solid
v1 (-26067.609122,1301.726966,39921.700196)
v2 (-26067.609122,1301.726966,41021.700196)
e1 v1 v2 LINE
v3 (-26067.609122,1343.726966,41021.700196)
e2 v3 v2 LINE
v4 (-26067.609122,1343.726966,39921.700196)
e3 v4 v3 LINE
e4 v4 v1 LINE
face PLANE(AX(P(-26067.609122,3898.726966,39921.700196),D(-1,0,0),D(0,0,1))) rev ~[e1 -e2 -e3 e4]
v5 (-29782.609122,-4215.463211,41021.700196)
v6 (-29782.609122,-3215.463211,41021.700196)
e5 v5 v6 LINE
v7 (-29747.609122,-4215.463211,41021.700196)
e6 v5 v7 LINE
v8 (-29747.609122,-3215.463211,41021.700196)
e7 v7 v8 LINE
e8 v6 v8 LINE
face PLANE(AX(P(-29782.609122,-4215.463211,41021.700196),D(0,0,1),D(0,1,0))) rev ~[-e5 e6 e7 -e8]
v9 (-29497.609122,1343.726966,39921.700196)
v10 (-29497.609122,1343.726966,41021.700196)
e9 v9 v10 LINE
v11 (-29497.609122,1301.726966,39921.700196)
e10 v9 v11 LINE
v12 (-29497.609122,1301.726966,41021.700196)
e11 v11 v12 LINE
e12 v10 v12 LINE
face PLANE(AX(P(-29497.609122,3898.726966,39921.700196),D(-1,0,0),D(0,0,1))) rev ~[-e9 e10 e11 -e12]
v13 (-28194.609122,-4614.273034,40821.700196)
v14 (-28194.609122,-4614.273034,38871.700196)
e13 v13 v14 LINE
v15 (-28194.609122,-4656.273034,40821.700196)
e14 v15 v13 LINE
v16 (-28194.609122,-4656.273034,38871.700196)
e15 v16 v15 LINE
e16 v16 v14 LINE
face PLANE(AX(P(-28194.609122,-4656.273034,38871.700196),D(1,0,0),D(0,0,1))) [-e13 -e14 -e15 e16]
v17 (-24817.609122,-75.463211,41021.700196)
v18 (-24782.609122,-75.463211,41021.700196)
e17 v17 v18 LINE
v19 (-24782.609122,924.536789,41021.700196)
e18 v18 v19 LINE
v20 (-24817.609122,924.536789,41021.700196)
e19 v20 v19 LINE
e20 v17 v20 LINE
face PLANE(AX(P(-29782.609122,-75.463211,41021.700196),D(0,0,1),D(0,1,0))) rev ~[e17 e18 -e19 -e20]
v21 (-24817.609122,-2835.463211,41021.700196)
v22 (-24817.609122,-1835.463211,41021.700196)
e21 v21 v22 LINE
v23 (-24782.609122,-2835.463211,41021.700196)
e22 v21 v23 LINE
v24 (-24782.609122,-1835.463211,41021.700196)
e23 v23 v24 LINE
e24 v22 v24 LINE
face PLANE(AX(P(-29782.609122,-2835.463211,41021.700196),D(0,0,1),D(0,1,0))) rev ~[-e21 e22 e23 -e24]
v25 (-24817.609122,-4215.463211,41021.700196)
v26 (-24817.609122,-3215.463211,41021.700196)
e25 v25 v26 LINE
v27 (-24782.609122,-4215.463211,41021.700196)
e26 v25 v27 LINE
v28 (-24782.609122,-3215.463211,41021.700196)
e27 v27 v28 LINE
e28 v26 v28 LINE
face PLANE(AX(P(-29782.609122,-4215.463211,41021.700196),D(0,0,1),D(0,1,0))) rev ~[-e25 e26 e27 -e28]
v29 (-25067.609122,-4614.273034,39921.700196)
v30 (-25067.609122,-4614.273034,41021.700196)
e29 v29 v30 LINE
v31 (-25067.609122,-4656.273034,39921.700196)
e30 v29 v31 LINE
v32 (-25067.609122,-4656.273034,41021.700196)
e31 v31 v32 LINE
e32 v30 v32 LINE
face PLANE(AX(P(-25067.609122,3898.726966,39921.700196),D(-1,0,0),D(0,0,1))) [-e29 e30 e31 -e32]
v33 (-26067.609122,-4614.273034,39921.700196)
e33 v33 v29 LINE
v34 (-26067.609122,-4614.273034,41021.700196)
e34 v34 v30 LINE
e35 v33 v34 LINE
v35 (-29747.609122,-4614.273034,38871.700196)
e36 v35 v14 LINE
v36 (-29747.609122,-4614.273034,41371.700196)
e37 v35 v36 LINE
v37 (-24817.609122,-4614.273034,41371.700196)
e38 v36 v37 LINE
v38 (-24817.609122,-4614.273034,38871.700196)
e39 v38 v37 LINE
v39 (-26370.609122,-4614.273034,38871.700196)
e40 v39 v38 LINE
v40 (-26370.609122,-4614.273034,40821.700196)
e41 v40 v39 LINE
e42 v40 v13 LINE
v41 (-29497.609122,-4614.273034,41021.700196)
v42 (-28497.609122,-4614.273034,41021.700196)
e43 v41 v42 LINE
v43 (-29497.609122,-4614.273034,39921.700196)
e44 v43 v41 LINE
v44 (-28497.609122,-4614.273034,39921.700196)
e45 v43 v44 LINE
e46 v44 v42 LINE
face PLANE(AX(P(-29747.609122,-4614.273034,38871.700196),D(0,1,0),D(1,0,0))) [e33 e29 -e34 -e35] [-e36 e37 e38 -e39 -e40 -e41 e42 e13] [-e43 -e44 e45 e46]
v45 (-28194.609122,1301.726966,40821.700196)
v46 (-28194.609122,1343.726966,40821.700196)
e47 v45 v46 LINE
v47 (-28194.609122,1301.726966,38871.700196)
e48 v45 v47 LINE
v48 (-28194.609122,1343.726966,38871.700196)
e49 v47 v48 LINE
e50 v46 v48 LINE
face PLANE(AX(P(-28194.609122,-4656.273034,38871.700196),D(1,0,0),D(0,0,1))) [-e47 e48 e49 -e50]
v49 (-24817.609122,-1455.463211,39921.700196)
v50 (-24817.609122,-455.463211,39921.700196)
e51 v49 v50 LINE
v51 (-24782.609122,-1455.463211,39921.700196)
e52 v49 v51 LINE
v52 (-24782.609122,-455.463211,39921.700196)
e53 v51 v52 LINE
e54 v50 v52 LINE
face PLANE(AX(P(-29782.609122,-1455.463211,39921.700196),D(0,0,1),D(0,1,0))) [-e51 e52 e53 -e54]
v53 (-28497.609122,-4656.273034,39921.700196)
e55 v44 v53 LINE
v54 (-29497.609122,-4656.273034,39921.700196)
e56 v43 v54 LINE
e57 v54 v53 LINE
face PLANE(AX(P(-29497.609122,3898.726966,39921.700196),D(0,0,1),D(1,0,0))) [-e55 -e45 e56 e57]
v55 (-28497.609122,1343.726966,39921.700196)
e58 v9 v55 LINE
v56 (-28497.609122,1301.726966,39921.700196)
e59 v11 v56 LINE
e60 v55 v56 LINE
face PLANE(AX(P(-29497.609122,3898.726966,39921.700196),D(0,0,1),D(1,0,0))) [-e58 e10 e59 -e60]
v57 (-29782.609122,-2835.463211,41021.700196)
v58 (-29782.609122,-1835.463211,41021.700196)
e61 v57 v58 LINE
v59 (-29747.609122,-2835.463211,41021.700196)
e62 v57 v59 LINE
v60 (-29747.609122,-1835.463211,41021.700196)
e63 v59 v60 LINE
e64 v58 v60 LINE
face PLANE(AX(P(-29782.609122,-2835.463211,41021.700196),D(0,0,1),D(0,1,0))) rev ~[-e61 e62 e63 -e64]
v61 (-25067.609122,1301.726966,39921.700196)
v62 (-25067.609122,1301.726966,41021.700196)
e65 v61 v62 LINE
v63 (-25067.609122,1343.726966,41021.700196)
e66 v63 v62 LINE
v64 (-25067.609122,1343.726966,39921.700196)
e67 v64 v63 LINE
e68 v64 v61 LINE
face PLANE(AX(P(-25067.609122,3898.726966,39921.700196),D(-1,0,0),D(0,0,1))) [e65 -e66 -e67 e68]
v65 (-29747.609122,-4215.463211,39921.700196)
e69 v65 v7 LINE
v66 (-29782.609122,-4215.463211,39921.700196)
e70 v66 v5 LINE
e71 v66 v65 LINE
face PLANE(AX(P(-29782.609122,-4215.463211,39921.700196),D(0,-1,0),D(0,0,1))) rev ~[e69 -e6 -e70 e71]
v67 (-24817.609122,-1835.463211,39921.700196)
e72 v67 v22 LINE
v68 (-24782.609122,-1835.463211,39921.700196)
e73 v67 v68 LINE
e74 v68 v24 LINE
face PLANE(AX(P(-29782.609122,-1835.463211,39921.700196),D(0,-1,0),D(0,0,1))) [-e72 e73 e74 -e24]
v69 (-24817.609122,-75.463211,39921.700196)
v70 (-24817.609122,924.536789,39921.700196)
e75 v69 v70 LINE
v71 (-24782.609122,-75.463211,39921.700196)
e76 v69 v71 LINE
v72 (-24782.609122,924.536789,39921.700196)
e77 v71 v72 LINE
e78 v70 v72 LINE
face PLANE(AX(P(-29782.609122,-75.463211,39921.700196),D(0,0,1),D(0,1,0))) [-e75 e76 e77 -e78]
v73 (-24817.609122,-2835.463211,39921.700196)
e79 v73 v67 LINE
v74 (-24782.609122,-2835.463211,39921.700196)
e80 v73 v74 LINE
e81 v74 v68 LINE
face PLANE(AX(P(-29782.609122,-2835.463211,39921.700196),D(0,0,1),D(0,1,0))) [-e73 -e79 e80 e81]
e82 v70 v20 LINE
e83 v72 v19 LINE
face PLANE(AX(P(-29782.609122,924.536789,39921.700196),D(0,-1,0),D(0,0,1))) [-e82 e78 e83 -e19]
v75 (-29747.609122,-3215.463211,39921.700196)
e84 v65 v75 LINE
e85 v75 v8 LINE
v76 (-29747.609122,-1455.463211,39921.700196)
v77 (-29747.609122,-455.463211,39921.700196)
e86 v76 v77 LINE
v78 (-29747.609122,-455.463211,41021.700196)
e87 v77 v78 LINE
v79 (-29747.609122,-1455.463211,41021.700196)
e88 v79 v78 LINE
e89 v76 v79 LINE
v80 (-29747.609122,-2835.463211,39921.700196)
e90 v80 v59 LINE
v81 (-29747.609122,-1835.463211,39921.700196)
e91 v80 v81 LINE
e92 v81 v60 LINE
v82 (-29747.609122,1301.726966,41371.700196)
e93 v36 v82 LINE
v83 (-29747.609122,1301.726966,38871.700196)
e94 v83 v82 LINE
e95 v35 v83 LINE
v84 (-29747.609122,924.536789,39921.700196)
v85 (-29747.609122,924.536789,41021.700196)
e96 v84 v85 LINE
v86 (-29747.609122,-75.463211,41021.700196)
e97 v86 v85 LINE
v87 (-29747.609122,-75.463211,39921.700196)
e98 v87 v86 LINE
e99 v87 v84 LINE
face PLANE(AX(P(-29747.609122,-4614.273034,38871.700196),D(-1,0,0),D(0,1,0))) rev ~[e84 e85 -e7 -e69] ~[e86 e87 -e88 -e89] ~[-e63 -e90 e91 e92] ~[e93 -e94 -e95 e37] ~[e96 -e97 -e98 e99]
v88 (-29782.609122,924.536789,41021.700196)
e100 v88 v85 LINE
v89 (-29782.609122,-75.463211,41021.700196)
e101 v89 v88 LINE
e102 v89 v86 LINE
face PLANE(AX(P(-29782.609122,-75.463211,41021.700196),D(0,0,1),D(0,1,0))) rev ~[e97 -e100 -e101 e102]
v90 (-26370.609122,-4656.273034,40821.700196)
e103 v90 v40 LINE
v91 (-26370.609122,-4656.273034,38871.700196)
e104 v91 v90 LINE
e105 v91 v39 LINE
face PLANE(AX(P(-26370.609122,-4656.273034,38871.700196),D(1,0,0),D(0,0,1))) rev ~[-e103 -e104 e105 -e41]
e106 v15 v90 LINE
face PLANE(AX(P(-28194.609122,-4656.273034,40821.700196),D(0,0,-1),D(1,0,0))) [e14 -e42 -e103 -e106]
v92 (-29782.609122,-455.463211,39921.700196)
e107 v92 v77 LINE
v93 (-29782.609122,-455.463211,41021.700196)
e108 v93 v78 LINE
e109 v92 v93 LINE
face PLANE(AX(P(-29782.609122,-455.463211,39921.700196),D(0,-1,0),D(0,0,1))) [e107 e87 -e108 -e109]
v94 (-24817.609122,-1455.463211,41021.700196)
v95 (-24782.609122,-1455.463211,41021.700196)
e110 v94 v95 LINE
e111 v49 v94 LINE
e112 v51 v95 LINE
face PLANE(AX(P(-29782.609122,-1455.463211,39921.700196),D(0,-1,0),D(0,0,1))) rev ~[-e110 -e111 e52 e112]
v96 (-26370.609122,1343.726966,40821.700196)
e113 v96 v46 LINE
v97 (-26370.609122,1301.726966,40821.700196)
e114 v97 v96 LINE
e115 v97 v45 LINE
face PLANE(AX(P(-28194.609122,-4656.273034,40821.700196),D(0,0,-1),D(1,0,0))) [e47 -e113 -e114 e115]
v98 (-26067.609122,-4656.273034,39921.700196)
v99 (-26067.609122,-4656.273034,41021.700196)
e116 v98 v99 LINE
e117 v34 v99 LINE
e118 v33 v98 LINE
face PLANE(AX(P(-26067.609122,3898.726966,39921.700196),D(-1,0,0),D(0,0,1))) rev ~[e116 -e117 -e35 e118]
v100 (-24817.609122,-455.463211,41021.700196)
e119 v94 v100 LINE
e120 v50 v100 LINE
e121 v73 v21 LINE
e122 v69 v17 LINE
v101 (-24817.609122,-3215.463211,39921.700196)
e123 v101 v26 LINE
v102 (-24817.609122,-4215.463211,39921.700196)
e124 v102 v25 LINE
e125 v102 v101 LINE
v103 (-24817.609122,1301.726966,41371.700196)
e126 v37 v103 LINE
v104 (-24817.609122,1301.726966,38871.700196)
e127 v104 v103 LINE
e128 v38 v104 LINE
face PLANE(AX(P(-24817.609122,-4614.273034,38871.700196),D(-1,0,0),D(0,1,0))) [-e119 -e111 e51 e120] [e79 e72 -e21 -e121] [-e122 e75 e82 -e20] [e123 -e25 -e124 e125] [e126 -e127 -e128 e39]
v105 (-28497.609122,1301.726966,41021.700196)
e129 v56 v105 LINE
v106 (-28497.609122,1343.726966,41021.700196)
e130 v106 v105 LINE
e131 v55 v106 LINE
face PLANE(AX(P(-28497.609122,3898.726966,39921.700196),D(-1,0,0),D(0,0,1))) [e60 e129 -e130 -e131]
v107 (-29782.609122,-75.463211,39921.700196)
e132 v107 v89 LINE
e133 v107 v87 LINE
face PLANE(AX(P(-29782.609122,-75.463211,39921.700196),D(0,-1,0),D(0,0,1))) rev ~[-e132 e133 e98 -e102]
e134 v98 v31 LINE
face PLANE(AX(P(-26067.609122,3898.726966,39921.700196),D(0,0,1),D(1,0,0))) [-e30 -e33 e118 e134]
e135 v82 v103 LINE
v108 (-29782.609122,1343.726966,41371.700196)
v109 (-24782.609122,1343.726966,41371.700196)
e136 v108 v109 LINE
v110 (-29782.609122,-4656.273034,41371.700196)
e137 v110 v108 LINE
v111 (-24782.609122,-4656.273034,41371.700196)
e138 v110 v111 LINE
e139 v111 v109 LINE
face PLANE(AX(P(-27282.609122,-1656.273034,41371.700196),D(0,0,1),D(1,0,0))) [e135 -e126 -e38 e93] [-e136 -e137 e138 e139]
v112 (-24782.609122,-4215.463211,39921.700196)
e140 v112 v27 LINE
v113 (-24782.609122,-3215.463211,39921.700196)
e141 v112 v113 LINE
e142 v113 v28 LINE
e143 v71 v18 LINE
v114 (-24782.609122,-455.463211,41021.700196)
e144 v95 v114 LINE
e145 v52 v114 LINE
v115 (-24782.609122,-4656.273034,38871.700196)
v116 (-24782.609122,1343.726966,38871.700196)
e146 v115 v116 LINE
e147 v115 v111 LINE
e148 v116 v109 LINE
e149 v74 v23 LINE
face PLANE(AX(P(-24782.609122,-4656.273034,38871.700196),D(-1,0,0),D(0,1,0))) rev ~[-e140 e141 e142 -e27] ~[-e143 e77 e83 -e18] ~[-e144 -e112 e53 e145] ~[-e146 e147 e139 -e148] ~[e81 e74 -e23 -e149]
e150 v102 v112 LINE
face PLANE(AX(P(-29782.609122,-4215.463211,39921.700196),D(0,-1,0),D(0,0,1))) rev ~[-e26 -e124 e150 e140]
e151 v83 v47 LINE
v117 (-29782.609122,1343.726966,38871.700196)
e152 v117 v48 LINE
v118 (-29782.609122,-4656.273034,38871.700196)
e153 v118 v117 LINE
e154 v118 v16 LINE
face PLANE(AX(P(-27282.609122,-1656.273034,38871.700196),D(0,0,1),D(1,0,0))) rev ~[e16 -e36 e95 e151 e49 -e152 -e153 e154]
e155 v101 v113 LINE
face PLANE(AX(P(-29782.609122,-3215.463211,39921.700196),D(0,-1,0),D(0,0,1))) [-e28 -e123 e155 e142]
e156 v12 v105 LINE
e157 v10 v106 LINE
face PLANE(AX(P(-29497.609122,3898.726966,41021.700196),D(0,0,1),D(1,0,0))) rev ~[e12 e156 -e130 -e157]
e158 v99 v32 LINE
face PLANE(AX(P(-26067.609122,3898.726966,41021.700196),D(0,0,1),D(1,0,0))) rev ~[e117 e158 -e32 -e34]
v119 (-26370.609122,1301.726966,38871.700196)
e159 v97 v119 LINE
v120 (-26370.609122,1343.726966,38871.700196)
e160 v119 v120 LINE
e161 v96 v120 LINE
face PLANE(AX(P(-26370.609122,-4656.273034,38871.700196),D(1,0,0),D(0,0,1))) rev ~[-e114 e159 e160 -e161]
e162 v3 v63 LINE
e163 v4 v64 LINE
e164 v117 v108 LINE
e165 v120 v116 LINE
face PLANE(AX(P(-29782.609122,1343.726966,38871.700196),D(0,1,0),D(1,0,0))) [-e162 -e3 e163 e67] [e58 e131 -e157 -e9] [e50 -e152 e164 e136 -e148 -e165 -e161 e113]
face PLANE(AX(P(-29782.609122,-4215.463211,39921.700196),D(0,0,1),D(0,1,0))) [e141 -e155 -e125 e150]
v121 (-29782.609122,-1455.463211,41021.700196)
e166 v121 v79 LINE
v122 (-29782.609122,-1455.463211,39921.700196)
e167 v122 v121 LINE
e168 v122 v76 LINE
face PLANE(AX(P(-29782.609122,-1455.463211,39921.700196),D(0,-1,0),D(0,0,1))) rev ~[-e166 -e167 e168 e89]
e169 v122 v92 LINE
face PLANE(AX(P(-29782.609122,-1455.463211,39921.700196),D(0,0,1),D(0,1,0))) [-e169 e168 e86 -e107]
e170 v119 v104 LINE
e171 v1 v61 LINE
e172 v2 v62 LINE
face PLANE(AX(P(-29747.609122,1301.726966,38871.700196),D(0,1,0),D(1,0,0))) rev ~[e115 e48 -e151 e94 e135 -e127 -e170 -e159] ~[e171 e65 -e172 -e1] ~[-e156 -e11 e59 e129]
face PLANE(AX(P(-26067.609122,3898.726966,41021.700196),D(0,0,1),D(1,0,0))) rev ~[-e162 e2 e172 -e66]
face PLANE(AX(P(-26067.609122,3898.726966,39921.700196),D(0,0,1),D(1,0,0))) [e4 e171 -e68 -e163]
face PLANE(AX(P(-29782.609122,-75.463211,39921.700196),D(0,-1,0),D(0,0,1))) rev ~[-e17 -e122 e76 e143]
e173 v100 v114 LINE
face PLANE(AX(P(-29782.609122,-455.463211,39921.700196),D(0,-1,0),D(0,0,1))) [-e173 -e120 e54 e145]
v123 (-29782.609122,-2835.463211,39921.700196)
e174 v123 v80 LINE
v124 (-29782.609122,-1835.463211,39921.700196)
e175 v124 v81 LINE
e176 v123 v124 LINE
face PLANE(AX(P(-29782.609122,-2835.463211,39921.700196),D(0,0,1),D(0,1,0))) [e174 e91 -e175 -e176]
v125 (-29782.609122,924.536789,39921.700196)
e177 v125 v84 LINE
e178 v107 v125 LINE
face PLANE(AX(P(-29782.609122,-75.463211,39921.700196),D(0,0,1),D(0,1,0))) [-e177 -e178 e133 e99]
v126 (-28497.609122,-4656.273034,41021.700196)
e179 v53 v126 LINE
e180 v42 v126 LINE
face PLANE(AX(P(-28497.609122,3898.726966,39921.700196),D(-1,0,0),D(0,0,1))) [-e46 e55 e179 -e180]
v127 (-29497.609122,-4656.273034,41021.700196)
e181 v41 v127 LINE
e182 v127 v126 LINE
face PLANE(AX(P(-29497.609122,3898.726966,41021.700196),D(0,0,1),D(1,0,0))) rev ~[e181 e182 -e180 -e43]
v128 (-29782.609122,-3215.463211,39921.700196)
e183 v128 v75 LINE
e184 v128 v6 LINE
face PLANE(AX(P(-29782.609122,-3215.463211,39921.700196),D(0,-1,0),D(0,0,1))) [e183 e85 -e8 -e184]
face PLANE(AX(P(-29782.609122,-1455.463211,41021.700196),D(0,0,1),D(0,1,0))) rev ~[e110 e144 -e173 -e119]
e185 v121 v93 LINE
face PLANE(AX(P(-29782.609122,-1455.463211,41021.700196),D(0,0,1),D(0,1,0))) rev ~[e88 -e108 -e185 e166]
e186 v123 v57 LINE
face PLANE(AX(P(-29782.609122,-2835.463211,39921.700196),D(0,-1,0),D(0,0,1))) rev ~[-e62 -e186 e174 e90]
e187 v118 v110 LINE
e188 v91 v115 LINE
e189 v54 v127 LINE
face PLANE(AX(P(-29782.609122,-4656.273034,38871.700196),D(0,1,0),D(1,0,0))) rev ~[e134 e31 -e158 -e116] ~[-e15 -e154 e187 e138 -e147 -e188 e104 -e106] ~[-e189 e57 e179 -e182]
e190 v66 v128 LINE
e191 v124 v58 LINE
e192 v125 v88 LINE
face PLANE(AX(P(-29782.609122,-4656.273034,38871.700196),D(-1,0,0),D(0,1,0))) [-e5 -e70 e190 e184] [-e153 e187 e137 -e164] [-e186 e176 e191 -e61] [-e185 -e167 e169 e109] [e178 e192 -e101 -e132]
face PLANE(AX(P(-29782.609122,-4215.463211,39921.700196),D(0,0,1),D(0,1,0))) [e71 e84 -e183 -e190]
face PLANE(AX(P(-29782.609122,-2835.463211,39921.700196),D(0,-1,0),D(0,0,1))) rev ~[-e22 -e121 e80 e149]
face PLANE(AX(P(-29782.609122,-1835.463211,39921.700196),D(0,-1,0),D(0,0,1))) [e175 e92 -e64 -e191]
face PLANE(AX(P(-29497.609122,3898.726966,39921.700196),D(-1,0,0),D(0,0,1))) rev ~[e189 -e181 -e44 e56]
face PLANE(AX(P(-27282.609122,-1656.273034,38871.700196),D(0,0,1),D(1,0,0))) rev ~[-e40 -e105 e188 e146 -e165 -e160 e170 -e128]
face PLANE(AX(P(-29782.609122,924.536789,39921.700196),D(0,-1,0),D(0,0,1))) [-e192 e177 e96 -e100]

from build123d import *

# Parameters (mm, degrees)
SKETCH1_W           = 5000
SKETCH1_H           = 6000
SKETCH1_W_2         = 4930
SKETCH1_H_2         = 5916
BOSS_EXTRUDE1_DEPTH = 2500
SKETCH2_W           = 1100
SKETCH2_H           = 1000
CUT_EXTRUDE1_DEPTH  = 5531
CUT_EXTRUDE2_START  = -2597
SKETCH3_W           = 1000
SKETCH3_H           = 1100
CUT_EXTRUDE2_DEPTH  = 9647
SKETCH6_W           = 1824
SKETCH6_H           = 1950
CUT_EXTRUDE3_DEPTH  = 8265
LPATTERN2_COUNT     = 2
LPATTERN2_PITCH     = 3430
LPATTERN3_COUNT     = 4
LPATTERN3_PITCH     = 1380


with BuildPart() as part:
    # Sketch1 → Boss-Extrude1 (new body)
    with BuildSketch(Plane.XY.offset(38871.700196057)):
        with Locations((-27282.609122173, -1656.273034315)):
            Rectangle(SKETCH1_W, SKETCH1_H)
        with Locations((-27282.609122173, -1656.273034315)):
            Rectangle(SKETCH1_W_2, SKETCH1_H_2, mode=Mode.SUBTRACT)
    extrude(amount=BOSS_EXTRUDE1_DEPTH)

    # Sketch2 → Cut-Extrude1 (cut)
    with BuildSketch(Plane.ZY.offset(29782.609122173)):
        with Locations((40471.700196057, 424.5367891)):
            Rectangle(SKETCH2_W, SKETCH2_H)
    cut_extrude1 = extrude(amount=-CUT_EXTRUDE1_DEPTH, mode=Mode.SUBTRACT)

    # Sketch3 → Cut-Extrude2 (cut)
    with BuildSketch(Plane.XZ.offset(-1301.726965685).offset(CUT_EXTRUDE2_START)):
        with Locations((-25567.609122173, 40471.700196057)):
            Rectangle(SKETCH3_W, SKETCH3_H)
    cut_extrude2 = extrude(amount=CUT_EXTRUDE2_DEPTH, mode=Mode.SUBTRACT)

    # Sketch6 → Cut-Extrude3 (cut)
    with BuildSketch(Plane.XZ.offset(4656.273034315)):
        with Locations((-27282.609122173, 39846.700196057)):
            Rectangle(SKETCH6_W, SKETCH6_H)
    extrude(amount=-CUT_EXTRUDE3_DEPTH, mode=Mode.SUBTRACT)

    # LPattern2: Cut-Extrude2 ×2
    with Locations(*[(-i * LPATTERN2_PITCH, 0, 0) for i in range(1, LPATTERN2_COUNT)]):
        add(cut_extrude2, mode=Mode.SUBTRACT)

    # LPattern3: Cut-Extrude1 ×4
    with Locations(*[(0, -i * LPATTERN3_PITCH, 0) for i in range(1, LPATTERN3_COUNT)]):
        add(cut_extrude1, mode=Mode.SUBTRACT)


solid = part.part
